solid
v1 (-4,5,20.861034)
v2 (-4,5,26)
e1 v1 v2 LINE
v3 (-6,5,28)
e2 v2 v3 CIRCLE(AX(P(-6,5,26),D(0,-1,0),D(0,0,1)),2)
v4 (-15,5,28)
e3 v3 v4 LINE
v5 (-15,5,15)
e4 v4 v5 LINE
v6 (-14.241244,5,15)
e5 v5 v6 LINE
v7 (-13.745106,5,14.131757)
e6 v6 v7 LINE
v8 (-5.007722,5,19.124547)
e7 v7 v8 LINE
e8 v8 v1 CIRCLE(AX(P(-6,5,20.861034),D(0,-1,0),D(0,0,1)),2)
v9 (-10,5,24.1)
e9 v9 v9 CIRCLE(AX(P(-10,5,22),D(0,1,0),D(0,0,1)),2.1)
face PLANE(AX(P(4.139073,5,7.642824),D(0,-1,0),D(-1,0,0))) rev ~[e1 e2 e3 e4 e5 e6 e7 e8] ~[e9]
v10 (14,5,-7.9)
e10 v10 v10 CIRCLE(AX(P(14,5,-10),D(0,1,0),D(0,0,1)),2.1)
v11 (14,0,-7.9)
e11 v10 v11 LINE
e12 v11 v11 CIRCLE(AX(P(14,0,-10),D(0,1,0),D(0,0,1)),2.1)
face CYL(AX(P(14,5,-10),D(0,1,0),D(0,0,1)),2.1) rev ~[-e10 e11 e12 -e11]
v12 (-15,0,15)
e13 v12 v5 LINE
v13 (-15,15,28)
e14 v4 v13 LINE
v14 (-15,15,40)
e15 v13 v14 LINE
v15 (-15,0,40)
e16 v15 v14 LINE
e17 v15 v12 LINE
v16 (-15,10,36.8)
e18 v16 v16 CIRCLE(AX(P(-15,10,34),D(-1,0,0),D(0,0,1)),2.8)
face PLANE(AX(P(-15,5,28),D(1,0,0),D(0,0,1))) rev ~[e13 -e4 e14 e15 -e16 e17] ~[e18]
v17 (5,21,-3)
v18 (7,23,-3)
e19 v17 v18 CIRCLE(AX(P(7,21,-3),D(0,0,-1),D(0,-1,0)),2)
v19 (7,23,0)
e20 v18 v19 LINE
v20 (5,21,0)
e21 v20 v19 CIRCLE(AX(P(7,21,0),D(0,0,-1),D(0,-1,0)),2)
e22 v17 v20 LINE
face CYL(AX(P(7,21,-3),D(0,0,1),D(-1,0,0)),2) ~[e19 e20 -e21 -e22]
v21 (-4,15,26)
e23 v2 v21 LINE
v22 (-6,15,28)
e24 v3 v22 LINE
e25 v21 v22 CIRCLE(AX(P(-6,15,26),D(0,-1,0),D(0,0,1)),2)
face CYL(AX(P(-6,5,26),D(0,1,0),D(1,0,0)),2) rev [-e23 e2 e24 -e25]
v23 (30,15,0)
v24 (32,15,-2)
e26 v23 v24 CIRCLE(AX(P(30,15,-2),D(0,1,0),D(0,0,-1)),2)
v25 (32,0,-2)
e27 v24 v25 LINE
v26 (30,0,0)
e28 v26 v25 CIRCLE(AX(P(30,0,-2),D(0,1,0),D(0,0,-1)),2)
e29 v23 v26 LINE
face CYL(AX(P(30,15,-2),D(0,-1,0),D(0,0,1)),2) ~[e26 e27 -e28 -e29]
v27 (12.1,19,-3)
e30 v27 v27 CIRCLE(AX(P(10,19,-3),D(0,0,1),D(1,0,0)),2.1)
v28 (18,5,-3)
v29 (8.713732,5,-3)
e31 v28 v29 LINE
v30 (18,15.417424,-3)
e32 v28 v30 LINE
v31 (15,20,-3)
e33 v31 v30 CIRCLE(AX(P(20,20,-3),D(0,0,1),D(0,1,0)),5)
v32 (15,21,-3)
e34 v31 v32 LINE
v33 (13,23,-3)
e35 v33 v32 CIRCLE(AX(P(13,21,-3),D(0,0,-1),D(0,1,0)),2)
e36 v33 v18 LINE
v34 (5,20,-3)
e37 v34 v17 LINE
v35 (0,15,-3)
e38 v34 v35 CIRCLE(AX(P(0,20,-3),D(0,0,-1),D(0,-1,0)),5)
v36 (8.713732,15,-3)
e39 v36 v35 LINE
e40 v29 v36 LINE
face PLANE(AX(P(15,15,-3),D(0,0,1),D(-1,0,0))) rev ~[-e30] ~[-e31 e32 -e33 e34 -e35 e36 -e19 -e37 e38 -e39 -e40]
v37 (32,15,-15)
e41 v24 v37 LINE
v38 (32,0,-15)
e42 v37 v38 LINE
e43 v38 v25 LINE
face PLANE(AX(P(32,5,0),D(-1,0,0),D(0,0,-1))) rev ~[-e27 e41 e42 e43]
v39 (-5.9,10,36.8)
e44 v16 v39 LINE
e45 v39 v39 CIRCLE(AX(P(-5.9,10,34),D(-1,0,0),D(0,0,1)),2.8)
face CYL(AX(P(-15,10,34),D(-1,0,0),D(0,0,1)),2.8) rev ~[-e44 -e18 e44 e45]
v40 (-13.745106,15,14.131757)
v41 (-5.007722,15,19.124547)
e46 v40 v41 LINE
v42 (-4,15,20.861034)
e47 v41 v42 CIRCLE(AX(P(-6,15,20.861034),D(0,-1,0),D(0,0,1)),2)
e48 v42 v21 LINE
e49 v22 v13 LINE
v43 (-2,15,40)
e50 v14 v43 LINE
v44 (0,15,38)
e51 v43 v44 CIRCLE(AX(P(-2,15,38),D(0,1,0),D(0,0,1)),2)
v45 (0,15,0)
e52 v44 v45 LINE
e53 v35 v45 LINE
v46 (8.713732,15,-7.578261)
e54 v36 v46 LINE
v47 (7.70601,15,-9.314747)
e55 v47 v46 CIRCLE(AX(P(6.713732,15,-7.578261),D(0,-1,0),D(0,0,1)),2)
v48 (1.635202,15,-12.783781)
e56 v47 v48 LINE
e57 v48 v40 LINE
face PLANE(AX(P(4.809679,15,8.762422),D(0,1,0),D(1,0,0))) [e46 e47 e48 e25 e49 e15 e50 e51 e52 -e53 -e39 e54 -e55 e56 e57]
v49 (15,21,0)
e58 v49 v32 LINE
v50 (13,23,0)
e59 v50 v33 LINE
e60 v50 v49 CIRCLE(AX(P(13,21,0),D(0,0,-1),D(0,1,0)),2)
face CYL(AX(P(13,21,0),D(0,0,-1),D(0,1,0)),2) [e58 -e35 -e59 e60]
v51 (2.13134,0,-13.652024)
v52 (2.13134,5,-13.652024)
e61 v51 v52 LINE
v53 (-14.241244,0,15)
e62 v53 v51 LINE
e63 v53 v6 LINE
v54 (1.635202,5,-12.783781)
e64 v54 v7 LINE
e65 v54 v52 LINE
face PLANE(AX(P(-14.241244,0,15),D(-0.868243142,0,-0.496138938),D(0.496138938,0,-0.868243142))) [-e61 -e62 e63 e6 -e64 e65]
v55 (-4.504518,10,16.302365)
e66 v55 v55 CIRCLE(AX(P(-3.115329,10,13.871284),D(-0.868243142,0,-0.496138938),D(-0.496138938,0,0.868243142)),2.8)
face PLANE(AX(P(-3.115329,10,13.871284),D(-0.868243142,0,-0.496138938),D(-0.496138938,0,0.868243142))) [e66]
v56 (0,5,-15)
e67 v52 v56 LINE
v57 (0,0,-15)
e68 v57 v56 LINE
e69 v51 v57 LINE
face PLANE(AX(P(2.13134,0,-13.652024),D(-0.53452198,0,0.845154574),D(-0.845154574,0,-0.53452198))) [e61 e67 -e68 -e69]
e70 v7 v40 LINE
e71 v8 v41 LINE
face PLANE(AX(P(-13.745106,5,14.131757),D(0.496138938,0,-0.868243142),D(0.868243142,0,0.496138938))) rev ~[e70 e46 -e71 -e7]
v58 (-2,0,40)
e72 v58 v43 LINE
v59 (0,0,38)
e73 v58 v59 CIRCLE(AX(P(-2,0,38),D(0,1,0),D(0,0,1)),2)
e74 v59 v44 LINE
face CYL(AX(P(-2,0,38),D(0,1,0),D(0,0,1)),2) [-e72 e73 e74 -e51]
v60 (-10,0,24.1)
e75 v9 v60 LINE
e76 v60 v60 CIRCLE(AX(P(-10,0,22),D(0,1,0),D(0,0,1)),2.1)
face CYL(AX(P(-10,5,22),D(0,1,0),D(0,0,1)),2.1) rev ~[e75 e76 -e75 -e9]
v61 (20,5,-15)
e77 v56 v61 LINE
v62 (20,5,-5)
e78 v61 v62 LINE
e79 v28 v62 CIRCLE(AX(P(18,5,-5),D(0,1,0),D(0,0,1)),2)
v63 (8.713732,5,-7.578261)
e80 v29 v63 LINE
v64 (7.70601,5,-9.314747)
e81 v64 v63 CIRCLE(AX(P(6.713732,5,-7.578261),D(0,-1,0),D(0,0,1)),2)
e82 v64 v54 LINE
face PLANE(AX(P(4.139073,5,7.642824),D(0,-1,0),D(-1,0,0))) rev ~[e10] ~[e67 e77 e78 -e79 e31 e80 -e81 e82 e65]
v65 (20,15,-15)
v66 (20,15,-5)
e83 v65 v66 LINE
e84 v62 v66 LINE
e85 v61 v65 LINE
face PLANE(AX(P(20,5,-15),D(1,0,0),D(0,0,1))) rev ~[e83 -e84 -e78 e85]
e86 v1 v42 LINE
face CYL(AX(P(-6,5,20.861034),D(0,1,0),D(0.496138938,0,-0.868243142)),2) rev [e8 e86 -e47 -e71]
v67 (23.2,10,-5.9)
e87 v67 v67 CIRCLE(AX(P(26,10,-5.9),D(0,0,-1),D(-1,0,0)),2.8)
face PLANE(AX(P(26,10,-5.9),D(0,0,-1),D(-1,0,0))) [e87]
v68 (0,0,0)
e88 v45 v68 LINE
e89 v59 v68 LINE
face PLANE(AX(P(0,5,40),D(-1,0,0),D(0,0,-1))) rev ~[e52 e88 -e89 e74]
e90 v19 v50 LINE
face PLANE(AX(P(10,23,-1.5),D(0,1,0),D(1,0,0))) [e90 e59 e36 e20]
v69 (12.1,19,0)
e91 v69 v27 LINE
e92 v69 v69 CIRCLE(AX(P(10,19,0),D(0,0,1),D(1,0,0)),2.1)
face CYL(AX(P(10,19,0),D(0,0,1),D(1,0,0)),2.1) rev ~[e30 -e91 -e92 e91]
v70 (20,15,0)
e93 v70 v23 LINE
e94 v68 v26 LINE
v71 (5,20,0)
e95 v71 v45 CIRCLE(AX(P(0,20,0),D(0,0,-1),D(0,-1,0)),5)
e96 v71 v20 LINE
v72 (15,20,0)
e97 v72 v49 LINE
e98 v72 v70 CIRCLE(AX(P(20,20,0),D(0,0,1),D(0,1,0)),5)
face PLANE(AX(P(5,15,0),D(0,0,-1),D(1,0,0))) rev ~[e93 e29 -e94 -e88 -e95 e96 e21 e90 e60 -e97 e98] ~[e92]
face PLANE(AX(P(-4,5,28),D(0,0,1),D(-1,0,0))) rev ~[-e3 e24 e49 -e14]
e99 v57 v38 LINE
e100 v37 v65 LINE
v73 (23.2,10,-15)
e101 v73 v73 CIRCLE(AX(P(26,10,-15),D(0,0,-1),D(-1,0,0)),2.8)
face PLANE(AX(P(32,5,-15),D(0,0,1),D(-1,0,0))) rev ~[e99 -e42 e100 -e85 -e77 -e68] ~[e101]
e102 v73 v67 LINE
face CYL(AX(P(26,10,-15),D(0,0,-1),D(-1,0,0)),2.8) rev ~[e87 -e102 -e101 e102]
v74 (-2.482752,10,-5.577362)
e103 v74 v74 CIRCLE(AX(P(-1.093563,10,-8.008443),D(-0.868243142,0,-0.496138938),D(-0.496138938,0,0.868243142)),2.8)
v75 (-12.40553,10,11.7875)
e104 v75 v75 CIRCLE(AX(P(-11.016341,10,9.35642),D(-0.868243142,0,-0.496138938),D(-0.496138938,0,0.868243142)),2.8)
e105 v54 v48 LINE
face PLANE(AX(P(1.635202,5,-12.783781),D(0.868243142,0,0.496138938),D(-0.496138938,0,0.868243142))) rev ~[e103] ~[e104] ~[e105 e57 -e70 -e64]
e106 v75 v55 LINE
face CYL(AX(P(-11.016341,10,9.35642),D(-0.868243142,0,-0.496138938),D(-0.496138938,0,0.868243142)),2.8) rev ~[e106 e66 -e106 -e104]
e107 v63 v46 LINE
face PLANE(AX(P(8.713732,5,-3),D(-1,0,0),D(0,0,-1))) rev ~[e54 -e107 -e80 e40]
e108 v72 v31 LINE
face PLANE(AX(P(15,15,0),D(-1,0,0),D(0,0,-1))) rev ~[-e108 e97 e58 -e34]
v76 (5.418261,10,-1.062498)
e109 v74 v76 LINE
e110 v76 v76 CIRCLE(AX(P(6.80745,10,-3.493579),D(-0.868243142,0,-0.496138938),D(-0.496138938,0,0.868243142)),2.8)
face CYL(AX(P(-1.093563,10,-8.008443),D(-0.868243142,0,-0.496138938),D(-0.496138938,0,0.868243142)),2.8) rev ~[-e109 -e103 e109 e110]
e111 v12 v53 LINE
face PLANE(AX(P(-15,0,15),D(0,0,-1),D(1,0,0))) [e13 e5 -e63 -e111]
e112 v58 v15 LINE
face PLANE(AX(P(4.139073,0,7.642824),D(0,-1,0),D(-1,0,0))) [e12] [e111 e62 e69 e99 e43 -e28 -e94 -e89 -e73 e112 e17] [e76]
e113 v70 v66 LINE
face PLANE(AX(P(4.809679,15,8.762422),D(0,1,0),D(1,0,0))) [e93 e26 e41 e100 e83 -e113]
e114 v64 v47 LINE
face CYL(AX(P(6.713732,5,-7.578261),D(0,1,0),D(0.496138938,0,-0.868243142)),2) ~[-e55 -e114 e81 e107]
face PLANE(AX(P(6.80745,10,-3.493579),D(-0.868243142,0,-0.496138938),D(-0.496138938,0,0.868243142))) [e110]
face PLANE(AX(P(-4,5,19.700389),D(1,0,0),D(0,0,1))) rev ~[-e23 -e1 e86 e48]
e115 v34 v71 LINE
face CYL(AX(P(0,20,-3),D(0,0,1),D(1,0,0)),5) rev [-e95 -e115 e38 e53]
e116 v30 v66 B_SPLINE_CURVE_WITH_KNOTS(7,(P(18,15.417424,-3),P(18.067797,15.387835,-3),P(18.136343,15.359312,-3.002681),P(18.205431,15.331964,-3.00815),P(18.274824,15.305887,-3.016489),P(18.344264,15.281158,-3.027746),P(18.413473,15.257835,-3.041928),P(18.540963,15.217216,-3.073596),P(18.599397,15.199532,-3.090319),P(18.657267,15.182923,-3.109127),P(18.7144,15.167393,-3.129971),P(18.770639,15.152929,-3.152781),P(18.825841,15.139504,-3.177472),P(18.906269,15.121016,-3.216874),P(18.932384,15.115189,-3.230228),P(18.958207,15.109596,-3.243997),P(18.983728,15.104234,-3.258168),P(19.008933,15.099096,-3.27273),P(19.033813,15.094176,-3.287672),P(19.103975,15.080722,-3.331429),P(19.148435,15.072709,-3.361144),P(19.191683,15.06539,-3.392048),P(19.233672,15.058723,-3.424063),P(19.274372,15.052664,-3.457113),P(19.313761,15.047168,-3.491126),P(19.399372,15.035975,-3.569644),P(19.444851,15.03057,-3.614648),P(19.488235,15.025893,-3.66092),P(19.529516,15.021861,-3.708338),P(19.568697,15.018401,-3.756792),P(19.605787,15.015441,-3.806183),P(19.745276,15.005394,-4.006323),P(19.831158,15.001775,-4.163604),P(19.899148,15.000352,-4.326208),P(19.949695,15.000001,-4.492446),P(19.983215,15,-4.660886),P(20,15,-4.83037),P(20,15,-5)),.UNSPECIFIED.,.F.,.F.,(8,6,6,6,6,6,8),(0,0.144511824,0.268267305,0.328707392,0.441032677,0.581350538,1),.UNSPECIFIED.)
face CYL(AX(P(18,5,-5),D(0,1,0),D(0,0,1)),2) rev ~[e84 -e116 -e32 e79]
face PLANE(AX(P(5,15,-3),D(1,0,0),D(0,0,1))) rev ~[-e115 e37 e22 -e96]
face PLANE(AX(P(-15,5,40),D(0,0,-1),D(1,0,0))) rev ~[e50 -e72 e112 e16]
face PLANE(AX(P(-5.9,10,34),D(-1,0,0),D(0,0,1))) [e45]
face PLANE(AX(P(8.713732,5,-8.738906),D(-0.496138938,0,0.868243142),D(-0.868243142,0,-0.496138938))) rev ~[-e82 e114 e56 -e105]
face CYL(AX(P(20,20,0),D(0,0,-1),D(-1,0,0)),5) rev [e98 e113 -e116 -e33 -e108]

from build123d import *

# Parameters (mm, degrees)
BOSS_EXTRU_1_DEPTH      = 5
BOSS_EXTRU_2_DEPTH      = 10
ESQUISSE4_R             = 2.8
ENL_V_MAT_EXTRU_1_DEPTH = 9.1
ESQUISSE5_R             = 2.8
ENL_V_MAT_EXTRU_2_DEPTH = 9.1
ESQUISSE6_R             = 2.8
ENL_V_MAT_EXTRU_3_DEPTH = 9.1
BOSS_EXTRU_3_DEPTH      = 8
ESQUISSE8_R             = 2.1
ENL_V_MAT_EXTRU_5_DEPTH = 9.1
ESQUISSE9_R             = 2.1
ENL_V_MAT_EXTRU_6_DEPTH = 14
CONG_2_R                = 5
CONG_1_R                = 2


with BuildPart() as part:
    # Esquisse2 → Boss.-Extru.1 (new body)
    with BuildSketch(Plane(origin=(0, 0, 0), x_dir=(1, 0, 0), z_dir=(0, 1, 0))):
        Polygon((20, 0), (0, 0), (0, -20), (0, -40), (-15, -40), (-15, -15), (-14.241244466, -15), (2.1313405, 13.65202369), (0, 15), (32, 15), (32, 0), align=None)
    extrude(amount=BOSS_EXTRU_1_DEPTH)

    # Esquisse3 → Boss.-Extru.2 (add)
    with BuildSketch(Plane(origin=(0, 5, 0), x_dir=(1, 0, 0), z_dir=(0, 1, 0))):
        Polygon((32, 15), (20, 15), (20, 3), (8.713731996, 3), (8.713731996, 8.738906014), (1.635201562, 12.783780548), (-13.745105527, -14.131756858), (-4, -19.700388588), (-4, -28), (-15, -28), (-15, -40), (0, -40), (0, 0), (32, 0), align=None)
    extrude(amount=BOSS_EXTRU_2_DEPTH)

    # Esquisse4 → Enlèv. mat.-Extru.1 (cut)
    with BuildSketch(Plane(origin=(-4.274168905, 0, -2.442382231), x_dir=(-0.4961389383568338, 0, 0.8682431421244592), z_dir=(-0.8682431421244592, 0, -0.4961389383568338))):
        with Locations((-6.410716958, 10)):
            Circle(ESQUISSE4_R)
        with Locations((13.589283042, 10)):
            Circle(ESQUISSE4_R)
    extrude(amount=-ENL_V_MAT_EXTRU_1_DEPTH, mode=Mode.SUBTRACT)

    # Esquisse5 → Enlèv. mat.-Extru.2 (cut)
    with BuildSketch(Plane.ZY.offset(15)):
        with Locations((34, 10)):
            Circle(ESQUISSE5_R)
    extrude(amount=-ENL_V_MAT_EXTRU_2_DEPTH, mode=Mode.SUBTRACT)

    # Esquisse6 → Enlèv. mat.-Extru.3 (cut)
    with BuildSketch(Plane(origin=(0, 0, -15), x_dir=(-1, 0, 0), z_dir=(0, 0, -1))):
        with Locations((-26, 10)):
            Circle(ESQUISSE6_R)
    extrude(amount=-ENL_V_MAT_EXTRU_3_DEPTH, mode=Mode.SUBTRACT)

    # Esquisse10 → Boss.-Extru.3 (add)
    with BuildSketch(Plane(origin=(0, 15, 0), x_dir=(1, 0, 0), z_dir=(0, 1, 0))):
        Polygon((15, 3), (8.713731996, 3), (5, 3), (5, 0), (15, 0), align=None)
    extrude(amount=BOSS_EXTRU_3_DEPTH)

    # Esquisse8 → Enlèv. mat.-Extru.5 (cut)
    with BuildSketch(Plane.XY):
        with Locations((10, 19)):
            Circle(ESQUISSE8_R)
    extrude(amount=-ENL_V_MAT_EXTRU_5_DEPTH, mode=Mode.SUBTRACT)

    # Esquisse9 → Enlèv. mat.-Extru.6 (cut)
    with BuildSketch(Plane(origin=(0, 5, 0), x_dir=(1, 0, 0), z_dir=(0, 1, 0))):
        with Locations(Location((-10, -22, 0), (0, 0, 270))):
            Circle(ESQUISSE9_R)
        with Locations(Location((14, 10, 0), (0, 0, 270))):
            Circle(ESQUISSE9_R)
    extrude(amount=-ENL_V_MAT_EXTRU_6_DEPTH, mode=Mode.SUBTRACT)

    # Congé2
    cong_2_edges = [part.edges().sort_by_distance(p)[0] for p in [
        (15, 15, -1.5),
        (5, 15, -1.5),
    ]]
    fillet(cong_2_edges, radius=CONG_2_R)

    # Congé1
    cong_1_edges = [part.edges().sort_by_distance(p)[0] for p in [
        (15, 23, -1.5),
        (5, 23, -1.5),
        (32, 7.5, 0),
        (0, 7.5, 40),
        (20, 10, -3),
        (8.713731996, 10, -8.738906014),
        (-4, 10, 19.700388588),
        (-4, 10, 28),
    ]]
    fillet(cong_1_edges, radius=CONG_1_R)


solid = part.part
